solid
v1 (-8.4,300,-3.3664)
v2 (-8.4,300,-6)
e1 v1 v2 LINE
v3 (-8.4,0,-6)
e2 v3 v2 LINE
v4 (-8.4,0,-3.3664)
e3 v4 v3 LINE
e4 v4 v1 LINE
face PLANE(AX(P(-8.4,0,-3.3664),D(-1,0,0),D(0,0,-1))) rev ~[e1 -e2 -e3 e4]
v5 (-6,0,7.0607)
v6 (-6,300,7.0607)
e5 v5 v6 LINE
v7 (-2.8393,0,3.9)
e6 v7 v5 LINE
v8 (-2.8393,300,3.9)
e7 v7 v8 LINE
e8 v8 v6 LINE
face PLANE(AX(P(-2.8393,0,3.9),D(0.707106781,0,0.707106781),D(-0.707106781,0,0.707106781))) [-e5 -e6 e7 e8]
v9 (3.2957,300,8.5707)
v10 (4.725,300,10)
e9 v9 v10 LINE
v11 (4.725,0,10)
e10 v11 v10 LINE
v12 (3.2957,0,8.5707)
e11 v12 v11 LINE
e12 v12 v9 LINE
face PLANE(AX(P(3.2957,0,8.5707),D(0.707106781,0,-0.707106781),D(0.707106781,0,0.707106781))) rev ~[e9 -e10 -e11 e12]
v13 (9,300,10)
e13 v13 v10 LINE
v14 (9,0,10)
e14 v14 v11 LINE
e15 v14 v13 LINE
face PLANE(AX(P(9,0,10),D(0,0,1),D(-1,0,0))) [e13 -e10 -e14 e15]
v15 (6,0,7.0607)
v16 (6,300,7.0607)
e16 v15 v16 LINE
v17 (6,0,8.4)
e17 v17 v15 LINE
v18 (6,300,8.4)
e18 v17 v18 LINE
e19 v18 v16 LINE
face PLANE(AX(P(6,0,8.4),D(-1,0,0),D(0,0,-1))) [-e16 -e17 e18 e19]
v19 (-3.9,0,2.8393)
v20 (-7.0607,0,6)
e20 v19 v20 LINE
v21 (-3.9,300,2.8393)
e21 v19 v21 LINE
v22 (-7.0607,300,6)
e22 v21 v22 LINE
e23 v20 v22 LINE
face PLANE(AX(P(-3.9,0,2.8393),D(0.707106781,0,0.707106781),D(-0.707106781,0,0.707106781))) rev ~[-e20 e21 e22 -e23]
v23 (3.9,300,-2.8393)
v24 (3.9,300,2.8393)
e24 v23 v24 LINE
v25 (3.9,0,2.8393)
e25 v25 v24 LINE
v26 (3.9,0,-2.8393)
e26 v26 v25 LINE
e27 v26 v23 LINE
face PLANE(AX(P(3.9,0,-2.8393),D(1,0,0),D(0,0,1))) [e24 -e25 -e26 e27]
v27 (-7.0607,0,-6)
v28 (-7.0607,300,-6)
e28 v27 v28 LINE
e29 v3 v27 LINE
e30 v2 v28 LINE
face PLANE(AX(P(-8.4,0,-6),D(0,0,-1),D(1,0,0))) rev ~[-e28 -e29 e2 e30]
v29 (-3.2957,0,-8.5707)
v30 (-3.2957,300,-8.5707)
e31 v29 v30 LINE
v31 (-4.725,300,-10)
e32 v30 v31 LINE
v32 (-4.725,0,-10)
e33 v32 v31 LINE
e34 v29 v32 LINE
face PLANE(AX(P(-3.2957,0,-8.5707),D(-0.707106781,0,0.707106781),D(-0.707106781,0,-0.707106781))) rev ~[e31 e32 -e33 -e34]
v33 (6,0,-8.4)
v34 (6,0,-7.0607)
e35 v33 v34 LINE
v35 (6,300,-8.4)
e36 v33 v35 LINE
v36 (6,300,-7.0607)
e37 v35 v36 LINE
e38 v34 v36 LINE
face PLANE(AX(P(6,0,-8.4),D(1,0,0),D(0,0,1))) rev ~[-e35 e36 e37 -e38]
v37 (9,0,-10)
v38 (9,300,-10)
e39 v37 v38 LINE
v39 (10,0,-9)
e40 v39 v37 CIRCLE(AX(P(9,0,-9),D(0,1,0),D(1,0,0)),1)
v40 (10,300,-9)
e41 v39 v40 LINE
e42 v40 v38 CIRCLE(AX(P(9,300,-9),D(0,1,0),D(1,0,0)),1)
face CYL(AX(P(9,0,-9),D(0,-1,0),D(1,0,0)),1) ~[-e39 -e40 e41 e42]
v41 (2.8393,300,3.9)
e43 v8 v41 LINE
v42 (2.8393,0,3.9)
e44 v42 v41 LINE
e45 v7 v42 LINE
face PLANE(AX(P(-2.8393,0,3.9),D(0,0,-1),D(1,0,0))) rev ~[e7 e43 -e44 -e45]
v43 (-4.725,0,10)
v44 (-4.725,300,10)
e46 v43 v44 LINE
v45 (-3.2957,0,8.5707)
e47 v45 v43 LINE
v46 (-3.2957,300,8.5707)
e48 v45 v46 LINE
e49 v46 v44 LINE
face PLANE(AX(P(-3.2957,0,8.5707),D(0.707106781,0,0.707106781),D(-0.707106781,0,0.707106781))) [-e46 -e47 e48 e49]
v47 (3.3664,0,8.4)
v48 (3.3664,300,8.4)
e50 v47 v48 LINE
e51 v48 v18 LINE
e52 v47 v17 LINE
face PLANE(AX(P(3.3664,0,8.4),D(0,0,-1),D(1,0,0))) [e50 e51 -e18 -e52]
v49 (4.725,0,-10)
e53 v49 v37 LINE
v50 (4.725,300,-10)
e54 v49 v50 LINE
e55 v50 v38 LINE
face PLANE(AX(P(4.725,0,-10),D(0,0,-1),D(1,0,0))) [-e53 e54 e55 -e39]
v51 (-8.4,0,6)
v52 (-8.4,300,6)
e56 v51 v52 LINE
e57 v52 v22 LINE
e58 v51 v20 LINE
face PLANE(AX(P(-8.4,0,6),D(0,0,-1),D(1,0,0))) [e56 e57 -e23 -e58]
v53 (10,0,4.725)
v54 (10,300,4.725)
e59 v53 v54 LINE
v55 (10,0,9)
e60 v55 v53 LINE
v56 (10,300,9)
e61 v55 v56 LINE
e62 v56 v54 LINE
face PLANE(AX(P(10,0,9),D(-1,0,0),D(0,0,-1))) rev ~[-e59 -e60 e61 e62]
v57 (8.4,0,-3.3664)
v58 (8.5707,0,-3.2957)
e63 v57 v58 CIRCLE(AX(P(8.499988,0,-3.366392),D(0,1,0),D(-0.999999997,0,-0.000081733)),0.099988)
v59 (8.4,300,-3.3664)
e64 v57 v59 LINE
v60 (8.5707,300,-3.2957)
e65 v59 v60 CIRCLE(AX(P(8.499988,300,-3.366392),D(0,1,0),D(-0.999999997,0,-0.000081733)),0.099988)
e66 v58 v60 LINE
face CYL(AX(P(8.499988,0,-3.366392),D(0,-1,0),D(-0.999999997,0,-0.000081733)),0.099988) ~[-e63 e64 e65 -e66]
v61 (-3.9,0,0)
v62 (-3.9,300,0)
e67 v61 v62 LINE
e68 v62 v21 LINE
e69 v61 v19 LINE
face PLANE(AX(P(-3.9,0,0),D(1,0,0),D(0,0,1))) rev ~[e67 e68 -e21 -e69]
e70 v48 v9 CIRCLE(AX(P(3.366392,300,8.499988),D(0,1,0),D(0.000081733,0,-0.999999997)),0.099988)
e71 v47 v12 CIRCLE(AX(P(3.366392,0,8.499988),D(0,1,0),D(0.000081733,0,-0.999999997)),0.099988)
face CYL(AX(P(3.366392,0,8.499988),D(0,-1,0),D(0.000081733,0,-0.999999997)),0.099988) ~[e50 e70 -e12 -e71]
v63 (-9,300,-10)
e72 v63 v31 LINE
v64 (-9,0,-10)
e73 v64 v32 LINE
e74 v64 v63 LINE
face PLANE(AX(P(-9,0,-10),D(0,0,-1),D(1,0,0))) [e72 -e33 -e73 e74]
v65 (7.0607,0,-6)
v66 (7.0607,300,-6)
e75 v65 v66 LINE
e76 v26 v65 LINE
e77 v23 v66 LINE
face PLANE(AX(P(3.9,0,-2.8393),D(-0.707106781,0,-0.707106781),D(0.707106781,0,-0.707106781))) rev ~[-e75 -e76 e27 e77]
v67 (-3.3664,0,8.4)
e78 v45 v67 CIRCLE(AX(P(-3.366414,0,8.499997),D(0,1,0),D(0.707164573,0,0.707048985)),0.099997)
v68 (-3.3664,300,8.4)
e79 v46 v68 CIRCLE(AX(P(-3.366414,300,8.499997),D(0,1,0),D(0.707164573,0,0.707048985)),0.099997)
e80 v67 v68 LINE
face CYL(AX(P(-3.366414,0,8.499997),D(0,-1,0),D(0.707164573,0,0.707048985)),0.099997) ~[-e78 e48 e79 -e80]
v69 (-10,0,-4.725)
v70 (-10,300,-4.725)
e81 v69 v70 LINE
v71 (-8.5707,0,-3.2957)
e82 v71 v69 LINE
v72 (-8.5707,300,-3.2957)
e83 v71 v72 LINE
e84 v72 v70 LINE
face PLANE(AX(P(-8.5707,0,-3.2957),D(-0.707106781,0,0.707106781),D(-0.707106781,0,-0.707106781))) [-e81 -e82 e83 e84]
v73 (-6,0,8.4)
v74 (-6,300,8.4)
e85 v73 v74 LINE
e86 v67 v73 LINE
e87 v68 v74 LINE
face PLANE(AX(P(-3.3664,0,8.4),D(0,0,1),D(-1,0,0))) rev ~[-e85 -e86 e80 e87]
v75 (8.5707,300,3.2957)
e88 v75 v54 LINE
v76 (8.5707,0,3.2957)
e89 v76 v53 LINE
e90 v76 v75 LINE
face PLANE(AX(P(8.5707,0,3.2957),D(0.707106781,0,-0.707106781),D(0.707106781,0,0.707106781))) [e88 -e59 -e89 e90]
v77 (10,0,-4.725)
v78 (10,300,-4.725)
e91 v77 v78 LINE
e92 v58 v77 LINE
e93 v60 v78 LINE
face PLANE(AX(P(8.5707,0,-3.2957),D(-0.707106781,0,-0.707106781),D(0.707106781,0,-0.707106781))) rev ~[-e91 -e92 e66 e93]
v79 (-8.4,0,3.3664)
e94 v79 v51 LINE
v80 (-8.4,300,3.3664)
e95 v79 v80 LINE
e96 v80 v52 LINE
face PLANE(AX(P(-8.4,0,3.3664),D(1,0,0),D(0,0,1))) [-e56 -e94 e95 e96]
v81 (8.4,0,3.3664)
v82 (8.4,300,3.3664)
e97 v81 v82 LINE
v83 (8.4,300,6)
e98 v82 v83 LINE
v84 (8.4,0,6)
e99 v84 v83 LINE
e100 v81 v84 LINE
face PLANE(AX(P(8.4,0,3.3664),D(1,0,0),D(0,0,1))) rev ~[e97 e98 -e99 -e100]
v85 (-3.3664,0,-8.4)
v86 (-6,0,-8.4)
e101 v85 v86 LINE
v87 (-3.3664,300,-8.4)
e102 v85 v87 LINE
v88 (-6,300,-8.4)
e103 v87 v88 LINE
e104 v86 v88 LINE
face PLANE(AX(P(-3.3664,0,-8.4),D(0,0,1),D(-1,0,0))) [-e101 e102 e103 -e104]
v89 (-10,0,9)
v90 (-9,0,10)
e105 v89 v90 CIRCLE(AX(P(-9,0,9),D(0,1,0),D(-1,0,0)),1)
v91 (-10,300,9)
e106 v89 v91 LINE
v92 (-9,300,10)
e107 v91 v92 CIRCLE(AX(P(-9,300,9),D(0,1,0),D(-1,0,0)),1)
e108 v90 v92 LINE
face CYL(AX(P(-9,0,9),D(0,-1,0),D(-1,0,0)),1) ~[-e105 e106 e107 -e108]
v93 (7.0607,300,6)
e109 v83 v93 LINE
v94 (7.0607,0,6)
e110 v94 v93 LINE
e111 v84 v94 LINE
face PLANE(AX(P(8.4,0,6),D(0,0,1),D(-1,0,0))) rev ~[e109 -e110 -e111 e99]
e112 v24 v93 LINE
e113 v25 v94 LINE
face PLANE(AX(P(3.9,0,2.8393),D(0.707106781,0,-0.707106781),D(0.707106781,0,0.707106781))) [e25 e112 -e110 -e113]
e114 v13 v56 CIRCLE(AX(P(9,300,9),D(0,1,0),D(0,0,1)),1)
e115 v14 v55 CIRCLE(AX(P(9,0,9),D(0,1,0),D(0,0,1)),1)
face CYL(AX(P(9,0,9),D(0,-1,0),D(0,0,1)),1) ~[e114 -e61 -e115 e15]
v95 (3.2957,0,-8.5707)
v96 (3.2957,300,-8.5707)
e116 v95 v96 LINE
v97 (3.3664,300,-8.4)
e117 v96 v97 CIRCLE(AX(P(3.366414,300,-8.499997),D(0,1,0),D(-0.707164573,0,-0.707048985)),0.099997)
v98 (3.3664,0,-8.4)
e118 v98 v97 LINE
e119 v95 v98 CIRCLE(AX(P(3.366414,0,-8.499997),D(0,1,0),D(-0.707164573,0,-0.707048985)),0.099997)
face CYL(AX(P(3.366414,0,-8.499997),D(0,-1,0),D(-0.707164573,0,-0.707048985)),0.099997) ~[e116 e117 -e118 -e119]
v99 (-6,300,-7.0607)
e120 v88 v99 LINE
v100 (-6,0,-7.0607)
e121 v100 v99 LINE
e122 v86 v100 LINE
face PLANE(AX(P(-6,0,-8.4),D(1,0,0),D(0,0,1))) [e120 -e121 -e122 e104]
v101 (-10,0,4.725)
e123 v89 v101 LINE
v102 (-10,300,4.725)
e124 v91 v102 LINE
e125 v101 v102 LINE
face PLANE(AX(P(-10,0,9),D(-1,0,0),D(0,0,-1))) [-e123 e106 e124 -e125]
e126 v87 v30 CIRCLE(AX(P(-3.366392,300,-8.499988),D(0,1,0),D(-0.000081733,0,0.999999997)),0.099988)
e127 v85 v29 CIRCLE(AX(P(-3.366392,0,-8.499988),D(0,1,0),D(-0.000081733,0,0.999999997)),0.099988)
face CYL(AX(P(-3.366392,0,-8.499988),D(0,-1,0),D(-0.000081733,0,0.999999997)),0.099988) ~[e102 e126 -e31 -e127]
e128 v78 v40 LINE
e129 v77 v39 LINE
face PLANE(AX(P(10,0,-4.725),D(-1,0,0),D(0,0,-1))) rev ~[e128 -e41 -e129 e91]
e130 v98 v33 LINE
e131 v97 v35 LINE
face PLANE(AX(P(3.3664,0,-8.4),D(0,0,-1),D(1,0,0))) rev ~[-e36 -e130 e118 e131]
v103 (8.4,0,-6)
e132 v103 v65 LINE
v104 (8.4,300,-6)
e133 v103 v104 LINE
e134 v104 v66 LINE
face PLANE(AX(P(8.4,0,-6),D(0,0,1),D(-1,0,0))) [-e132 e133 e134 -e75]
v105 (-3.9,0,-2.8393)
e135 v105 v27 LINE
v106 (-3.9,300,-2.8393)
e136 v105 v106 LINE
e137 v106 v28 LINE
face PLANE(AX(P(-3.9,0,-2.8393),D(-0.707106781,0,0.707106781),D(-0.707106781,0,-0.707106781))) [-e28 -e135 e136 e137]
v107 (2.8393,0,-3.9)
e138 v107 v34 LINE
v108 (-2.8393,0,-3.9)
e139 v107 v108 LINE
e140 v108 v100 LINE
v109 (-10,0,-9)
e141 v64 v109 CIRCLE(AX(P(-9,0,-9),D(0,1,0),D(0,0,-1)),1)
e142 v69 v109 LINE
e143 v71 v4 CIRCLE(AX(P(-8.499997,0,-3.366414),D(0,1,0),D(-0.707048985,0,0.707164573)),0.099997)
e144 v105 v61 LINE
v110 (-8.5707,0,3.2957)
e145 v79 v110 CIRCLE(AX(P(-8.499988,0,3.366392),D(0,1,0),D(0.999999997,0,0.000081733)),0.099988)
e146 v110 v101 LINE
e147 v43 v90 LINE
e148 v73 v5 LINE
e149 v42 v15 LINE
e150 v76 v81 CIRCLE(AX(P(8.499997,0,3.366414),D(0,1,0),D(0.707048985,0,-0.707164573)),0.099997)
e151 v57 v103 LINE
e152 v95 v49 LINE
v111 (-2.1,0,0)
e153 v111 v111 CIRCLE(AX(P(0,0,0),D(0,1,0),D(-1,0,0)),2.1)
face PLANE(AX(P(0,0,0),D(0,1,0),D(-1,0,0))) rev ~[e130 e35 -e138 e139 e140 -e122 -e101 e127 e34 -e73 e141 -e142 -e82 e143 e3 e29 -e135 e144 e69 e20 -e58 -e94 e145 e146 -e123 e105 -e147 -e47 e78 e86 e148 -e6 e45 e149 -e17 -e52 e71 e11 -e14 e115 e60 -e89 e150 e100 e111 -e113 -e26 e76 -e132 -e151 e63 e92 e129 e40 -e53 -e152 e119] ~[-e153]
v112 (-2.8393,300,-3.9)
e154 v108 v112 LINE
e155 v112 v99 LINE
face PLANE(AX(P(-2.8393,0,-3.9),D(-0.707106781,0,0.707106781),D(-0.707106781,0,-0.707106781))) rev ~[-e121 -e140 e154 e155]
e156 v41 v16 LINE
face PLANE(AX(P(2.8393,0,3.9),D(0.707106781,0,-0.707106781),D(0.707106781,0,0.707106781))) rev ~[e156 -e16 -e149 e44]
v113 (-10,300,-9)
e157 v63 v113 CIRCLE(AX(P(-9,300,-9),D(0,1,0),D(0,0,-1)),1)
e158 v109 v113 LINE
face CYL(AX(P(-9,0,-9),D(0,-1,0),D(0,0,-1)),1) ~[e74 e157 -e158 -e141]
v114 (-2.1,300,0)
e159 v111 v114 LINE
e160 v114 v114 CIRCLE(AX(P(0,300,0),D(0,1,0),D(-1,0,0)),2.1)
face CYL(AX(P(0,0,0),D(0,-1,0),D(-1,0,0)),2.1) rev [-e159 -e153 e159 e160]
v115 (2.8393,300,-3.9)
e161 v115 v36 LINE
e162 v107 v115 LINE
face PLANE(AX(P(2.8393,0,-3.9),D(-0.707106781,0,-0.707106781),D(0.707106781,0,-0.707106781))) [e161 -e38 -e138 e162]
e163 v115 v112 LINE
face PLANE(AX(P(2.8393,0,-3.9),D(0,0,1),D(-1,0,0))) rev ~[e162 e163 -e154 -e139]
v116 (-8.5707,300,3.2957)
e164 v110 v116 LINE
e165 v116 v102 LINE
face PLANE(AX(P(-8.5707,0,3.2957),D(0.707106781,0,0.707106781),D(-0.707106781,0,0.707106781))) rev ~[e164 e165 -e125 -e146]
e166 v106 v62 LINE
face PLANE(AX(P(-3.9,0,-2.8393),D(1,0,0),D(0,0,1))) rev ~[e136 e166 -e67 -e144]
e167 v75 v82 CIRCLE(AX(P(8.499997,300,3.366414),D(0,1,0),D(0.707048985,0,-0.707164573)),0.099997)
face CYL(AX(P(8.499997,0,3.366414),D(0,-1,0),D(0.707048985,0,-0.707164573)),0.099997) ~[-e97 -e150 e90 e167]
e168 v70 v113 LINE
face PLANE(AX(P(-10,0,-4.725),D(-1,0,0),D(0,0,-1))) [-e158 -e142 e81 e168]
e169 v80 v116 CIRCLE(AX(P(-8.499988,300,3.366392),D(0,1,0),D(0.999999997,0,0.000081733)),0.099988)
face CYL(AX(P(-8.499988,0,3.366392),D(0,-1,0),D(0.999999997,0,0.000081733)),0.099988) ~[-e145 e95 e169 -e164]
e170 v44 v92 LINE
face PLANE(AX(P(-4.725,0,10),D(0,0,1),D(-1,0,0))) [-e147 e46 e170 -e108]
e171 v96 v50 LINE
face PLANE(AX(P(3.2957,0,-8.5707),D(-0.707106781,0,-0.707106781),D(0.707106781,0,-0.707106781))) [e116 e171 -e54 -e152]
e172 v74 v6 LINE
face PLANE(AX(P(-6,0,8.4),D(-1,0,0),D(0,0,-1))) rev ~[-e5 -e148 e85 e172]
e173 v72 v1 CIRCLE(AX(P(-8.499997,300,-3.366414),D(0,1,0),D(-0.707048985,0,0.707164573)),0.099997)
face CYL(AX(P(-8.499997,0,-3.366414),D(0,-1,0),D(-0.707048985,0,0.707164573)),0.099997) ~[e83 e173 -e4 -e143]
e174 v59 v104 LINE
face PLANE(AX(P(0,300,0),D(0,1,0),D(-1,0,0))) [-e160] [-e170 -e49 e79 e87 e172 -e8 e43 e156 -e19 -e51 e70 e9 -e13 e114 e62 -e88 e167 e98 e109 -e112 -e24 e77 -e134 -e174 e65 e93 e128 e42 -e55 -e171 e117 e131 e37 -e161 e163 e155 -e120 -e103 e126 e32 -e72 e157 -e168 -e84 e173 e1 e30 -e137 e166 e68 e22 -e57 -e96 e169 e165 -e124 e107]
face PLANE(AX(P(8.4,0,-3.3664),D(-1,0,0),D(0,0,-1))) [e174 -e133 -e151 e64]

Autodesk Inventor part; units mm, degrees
ref_plane "YZ Plane" through (0, 0, 0) normal (1, 0, 0) x (0, 1, 0)
ref_plane "XZ Plane" through (0, 0, 0) normal (0, 1, 0) x (-1, 0, 0)
ref_plane "XY Plane" through (0, 0, 0) normal (0, 0, 1) x (1, 0, 0)
sketch "Sketch1" plane through (0, 0, 0) normal (0, 1, 0) x (-1, 0, 0)
  line L0 (3.9, -2.8393) -> (3.9, 2.8393)
  line L1 (2.8393, 3.9) -> (-2.8393, 3.9)
  line L2 (-2.8393, -3.9) -> (2.8393, -3.9)
  line L3 (8.5707, 3.2957) -> (10, 4.725)
  line L4 (8.5707, -3.2957) -> (10, -4.725)
  line L5 (8.4, 3.3664) -> (8.4, 6)
  line L6 (8.4, 6) -> (7.0607, 6)
  line L7 (10, 9) -> (10, 4.725)
  line L8 (10, -4.725) -> (10, -9)
  line L9 (3.9, 2.8393) -> (7.0607, 6)
  line L10 (3.2957, 8.5707) -> (4.725, 10)
  line L11 (3.3664, 8.4) -> (6, 8.4)
  line L12 (6, 8.4) -> (6, 7.0607)
  line L13 (2.8393, 3.9) -> (6, 7.0607)
  line L14 (3.9, 0) -> (8.4, 0)
  line L15 (8.4, -3.3664) -> (8.4, -6)
  line L16 (8.4, -6) -> (7.0607, -6)
  line L17 (3.9, -2.8393) -> (7.0607, -6)
  line L18 (3.2957, -8.5707) -> (4.725, -10)
  line L19 (3.3664, -8.4) -> (6, -8.4)
  line L20 (6, -8.4) -> (6, -7.0607)
  line L21 (2.8393, -3.9) -> (6, -7.0607)
  line L22 (-3.9, -2.8393) -> (-3.9, 2.8393)
  line L23 (-8.5707, 3.2957) -> (-10, 4.725)
  line L24 (-8.5707, -3.2957) -> (-10, -4.725)
  line L25 (-8.4, 3.3664) -> (-8.4, 6)
  line L26 (-8.4, 6) -> (-7.0607, 6)
  line L27 (-10, 9) -> (-10, 4.725)
  line L28 (-10, -4.725) -> (-10, -9)
  line L29 (-3.9, 2.8393) -> (-7.0607, 6)
  line L30 (-3.2957, 8.5707) -> (-4.725, 10)
  line L31 (-3.3664, 8.4) -> (-6, 8.4)
  line L32 (-6, 8.4) -> (-6, 7.0607)
  line L33 (-2.8393, 3.9) -> (-6, 7.0607)
  line L34 (-3.9, -2.8393) -> (-7.0607, -6)
  line L35 (-8.4, -6) -> (-7.0607, -6)
  line L36 (-8.4, -3.3664) -> (-8.4, -6)
  line L37 (-2.8393, -3.9) -> (-6, -7.0607)
  line L38 (-6, -8.4) -> (-6, -7.0607)
  line L39 (-3.3664, -8.4) -> (-6, -8.4)
  line L40 (-3.2957, -8.5707) -> (-4.725, -10)
  line L41 (-9, 10) -> (-4.725, 10)
  line L42 (4.725, 10) -> (9, 10)
  line L43 (9, -10) -> (4.725, -10)
  line L44 (-4.725, -10) -> (-9, -10)
  circle A0 centre (0, 0) radius 2.1
  arc A1 (10, 9) -> (9, 10) centre (9, 9) ccw
  arc A2 (9, -10) -> (10, -9) centre (9, -9) ccw
  arc A3 (-10, -9) -> (-9, -10) centre (-9, -9) ccw
  arc A4 (-9, 10) -> (-10, 9) centre (-9, 9) ccw
  arc A5 (8.4, 3.3664) -> (8.5707, 3.2957) centre (8.5, 3.3664) ccw
  arc A6 (3.2957, 8.5707) -> (3.3664, 8.4) centre (3.3664, 8.5) ccw
  arc A7 (8.5707, -3.2957) -> (8.4, -3.3664) centre (8.5, -3.3664) ccw
  arc A8 (3.3664, -8.4) -> (3.2957, -8.5707) centre (3.3664, -8.5) ccw
  arc A9 (-3.2957, -8.5707) -> (-3.3664, -8.4) centre (-3.3664, -8.5) ccw
  arc A10 (-8.4, -3.3664) -> (-8.5707, -3.2957) centre (-8.5, -3.3664) ccw
  arc A11 (-8.5707, 3.2957) -> (-8.4, 3.3664) centre (-8.5, 3.3664) ccw
  arc A12 (-3.3664, 8.4) -> (-3.2957, 8.5707) centre (-3.3664, 8.5) ccw
  dimension "d11" = 1
extrude "Extrusion1" add sketch "Sketch1" along normal blind 300
properties part number "VSLOT20x20x340"
